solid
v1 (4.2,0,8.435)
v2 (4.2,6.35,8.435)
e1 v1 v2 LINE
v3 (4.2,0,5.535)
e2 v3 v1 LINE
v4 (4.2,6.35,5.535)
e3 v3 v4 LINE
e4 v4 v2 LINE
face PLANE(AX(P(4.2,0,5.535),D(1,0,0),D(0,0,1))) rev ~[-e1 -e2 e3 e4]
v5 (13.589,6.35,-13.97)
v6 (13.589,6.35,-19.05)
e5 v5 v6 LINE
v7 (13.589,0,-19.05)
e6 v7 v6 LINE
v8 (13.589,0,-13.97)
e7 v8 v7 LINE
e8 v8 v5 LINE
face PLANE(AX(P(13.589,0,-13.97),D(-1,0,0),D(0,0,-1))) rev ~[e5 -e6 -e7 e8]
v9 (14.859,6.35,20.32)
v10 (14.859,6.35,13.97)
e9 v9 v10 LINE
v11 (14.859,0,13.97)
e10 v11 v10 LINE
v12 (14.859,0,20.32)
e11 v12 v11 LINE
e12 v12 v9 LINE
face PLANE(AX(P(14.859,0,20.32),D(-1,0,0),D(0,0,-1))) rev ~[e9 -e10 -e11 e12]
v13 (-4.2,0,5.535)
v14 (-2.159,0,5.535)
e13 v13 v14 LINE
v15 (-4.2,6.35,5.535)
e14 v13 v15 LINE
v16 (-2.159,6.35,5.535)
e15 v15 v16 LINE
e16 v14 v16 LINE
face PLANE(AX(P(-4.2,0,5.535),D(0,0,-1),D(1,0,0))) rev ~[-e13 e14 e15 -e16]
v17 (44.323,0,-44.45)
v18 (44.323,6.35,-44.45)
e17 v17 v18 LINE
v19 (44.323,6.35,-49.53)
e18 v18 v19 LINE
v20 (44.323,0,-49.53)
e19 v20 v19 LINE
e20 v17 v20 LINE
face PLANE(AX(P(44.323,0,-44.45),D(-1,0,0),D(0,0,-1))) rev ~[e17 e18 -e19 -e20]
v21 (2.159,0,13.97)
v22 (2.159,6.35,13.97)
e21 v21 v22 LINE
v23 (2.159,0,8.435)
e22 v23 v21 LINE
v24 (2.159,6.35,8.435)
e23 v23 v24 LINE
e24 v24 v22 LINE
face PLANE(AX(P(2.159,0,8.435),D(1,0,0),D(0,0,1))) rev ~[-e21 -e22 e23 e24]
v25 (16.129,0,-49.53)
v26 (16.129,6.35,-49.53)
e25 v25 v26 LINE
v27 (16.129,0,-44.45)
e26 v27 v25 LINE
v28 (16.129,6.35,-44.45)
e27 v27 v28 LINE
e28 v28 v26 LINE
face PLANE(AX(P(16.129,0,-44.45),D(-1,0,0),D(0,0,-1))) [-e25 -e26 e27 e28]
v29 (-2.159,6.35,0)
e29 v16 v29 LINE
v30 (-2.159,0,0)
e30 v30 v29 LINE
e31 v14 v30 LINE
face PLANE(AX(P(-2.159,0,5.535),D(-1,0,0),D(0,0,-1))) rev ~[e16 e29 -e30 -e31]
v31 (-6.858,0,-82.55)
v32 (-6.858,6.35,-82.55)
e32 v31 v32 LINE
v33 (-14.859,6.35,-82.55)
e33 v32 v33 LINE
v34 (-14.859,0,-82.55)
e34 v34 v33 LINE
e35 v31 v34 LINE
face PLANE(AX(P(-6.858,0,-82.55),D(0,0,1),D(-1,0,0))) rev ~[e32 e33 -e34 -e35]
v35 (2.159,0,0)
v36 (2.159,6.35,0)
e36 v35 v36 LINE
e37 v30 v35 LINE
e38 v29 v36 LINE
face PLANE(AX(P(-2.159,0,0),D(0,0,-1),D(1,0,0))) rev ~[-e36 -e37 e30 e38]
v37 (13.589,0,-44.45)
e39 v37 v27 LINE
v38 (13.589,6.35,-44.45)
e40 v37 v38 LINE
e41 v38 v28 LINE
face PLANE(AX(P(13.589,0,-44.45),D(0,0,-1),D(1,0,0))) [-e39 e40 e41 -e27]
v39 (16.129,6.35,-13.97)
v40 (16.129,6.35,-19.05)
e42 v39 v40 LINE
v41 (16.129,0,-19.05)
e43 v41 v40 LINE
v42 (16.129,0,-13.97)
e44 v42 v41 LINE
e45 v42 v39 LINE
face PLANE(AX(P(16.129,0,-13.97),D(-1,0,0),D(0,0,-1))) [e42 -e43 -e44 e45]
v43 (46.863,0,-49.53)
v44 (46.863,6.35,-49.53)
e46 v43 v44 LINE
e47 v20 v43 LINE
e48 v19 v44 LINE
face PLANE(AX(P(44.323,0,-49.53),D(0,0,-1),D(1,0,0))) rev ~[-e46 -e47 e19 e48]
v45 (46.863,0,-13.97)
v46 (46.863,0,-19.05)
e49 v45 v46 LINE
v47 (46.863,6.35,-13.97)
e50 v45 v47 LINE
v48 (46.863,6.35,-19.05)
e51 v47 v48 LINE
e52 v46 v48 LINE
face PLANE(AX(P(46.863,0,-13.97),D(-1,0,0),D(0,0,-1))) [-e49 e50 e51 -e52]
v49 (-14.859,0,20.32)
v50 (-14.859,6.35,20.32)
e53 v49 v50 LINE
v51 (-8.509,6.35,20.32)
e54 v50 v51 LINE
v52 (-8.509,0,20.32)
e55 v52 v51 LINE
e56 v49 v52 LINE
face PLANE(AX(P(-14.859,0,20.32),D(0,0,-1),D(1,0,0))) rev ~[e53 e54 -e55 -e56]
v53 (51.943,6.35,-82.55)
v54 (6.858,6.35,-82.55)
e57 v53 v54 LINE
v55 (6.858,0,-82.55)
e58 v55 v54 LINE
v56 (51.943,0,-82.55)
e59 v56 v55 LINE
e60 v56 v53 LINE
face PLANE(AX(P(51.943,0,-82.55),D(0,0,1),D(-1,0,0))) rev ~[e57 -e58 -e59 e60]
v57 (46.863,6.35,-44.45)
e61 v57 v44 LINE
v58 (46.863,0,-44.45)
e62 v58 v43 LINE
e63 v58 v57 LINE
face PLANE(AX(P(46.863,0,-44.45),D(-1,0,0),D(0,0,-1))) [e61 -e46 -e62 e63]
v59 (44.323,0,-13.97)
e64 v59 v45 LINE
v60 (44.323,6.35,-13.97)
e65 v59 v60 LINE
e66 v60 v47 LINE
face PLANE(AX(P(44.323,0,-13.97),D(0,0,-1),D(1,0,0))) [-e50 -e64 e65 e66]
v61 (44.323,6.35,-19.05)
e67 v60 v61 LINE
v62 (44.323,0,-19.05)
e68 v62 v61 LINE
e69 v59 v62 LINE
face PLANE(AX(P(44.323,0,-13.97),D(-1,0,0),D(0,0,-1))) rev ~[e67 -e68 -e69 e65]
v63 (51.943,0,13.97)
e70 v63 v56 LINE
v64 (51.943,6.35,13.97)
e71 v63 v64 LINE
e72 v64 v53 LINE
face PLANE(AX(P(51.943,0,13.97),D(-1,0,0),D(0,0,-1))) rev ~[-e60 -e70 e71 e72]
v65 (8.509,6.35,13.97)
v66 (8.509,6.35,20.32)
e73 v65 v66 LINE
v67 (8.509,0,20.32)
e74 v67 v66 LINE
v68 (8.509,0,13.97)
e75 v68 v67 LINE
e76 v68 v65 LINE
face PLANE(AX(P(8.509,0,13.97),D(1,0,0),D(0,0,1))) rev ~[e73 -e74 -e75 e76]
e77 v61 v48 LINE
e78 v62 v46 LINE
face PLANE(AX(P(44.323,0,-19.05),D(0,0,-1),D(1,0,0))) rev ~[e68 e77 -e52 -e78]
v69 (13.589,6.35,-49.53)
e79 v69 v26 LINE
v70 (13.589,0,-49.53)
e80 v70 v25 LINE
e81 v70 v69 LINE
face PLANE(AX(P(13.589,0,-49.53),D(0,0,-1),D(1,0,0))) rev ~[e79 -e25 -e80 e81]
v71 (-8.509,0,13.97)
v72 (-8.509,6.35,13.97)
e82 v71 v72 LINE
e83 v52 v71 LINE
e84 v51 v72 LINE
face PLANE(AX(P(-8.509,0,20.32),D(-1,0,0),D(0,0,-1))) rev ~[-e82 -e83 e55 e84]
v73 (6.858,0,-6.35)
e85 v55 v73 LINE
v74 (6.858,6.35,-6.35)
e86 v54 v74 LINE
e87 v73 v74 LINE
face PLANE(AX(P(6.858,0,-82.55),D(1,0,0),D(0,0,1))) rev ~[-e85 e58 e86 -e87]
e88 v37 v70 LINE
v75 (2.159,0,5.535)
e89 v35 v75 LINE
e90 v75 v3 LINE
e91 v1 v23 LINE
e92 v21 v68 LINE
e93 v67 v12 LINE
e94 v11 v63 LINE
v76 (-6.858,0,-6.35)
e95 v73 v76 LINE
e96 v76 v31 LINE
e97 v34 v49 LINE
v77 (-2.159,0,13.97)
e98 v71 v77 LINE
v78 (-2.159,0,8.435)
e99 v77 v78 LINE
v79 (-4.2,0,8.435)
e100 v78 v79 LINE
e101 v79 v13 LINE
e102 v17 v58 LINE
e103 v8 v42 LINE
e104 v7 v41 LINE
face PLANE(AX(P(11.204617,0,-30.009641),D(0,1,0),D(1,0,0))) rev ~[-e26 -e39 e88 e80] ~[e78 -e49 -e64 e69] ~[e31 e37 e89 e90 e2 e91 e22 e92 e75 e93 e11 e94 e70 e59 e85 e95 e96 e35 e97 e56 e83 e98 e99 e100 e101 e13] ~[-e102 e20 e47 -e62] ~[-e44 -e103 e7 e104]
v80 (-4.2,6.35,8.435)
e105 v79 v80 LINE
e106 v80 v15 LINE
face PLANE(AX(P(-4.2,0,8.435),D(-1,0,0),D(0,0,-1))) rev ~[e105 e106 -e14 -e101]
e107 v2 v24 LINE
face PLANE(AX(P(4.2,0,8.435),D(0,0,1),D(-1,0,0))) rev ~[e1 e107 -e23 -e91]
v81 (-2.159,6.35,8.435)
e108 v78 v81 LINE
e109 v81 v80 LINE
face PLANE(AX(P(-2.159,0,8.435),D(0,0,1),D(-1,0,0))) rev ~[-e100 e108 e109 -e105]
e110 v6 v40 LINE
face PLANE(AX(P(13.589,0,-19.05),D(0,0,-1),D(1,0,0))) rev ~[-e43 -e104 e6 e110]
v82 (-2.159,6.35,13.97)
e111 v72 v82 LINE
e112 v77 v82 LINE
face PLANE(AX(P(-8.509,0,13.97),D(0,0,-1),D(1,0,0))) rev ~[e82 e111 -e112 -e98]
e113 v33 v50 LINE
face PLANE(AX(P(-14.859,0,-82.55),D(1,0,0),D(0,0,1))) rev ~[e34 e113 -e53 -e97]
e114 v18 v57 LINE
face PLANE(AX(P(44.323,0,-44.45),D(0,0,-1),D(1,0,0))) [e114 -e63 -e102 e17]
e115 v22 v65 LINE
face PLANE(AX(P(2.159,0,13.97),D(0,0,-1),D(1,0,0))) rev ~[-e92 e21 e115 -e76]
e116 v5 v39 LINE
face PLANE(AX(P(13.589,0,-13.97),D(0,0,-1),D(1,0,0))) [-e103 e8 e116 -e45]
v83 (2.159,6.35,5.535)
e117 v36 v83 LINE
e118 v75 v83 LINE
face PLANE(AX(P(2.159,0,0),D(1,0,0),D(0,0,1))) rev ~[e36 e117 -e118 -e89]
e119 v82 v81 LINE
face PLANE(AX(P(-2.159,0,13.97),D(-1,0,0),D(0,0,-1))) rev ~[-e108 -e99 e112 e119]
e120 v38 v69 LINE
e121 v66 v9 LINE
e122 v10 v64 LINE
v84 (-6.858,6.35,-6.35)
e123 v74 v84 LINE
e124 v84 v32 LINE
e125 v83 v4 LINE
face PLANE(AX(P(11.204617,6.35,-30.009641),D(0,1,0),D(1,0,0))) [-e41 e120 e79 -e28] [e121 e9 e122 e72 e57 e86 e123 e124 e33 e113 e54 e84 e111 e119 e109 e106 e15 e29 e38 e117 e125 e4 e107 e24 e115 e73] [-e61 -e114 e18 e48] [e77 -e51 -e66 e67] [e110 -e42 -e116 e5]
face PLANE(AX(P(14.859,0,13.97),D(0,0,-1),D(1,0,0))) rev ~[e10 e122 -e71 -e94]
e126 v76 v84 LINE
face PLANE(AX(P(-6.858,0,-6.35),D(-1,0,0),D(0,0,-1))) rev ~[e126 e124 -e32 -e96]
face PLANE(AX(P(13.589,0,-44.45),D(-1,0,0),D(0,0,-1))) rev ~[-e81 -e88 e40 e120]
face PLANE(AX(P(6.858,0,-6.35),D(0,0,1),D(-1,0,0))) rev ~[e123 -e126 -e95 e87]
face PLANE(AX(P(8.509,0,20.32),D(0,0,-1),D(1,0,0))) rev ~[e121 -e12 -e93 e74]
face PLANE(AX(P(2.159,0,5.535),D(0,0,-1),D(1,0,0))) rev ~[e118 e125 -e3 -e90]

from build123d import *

# Parameters (mm, degrees)
SKETCH1_W           = 2.54
SKETCH1_H           = 5.08
BOSS_EXTRUDE1_DEPTH = 6.35


with BuildPart() as part:
    # Sketch1 → Boss-Extrude1 (new body)
    with BuildSketch(Plane(origin=(0, 0, 0), x_dir=(1, 0, 0), z_dir=(0, 1, 0))):
        Polygon((-6.858, 6.35), (-6.858, 82.55), (-14.859, 82.55), (-14.859, -13.97), (-14.859, -20.32), (-8.509, -20.32), (-8.509, -13.97), (-2.159, -13.97), (-2.159, -8.435000021), (-4.199999982, -8.435000021), (-4.199999982, -5.534999979), (-2.159, -5.534999979), (-2.159, 0), (2.159, 0), (2.159, -5.534999979), (4.199999982, -5.534999979), (4.199999982, -8.435000021), (2.159, -8.435000021), (2.159, -13.97), (8.509, -13.97), (8.509, -20.32), (14.859, -20.32), (14.859, -13.97), (45.593, -13.97), (51.943, -13.97), (51.943, 82.55), (45.593, 82.55), (14.859, 82.55), (6.858, 82.55), (6.858, 6.35), align=None)
        with Locations((14.859, 16.51)):
            Rectangle(SKETCH1_W, SKETCH1_H, mode=Mode.SUBTRACT)
        with Locations((45.593, 16.51)):
            Rectangle(SKETCH1_W, SKETCH1_H, mode=Mode.SUBTRACT)
        with Locations((14.859, 46.99)):
            Rectangle(SKETCH1_W, SKETCH1_H, mode=Mode.SUBTRACT)
        with Locations((45.593, 46.99)):
            Rectangle(SKETCH1_W, SKETCH1_H, mode=Mode.SUBTRACT)
    extrude(amount=BOSS_EXTRUDE1_DEPTH)


solid = part.part
